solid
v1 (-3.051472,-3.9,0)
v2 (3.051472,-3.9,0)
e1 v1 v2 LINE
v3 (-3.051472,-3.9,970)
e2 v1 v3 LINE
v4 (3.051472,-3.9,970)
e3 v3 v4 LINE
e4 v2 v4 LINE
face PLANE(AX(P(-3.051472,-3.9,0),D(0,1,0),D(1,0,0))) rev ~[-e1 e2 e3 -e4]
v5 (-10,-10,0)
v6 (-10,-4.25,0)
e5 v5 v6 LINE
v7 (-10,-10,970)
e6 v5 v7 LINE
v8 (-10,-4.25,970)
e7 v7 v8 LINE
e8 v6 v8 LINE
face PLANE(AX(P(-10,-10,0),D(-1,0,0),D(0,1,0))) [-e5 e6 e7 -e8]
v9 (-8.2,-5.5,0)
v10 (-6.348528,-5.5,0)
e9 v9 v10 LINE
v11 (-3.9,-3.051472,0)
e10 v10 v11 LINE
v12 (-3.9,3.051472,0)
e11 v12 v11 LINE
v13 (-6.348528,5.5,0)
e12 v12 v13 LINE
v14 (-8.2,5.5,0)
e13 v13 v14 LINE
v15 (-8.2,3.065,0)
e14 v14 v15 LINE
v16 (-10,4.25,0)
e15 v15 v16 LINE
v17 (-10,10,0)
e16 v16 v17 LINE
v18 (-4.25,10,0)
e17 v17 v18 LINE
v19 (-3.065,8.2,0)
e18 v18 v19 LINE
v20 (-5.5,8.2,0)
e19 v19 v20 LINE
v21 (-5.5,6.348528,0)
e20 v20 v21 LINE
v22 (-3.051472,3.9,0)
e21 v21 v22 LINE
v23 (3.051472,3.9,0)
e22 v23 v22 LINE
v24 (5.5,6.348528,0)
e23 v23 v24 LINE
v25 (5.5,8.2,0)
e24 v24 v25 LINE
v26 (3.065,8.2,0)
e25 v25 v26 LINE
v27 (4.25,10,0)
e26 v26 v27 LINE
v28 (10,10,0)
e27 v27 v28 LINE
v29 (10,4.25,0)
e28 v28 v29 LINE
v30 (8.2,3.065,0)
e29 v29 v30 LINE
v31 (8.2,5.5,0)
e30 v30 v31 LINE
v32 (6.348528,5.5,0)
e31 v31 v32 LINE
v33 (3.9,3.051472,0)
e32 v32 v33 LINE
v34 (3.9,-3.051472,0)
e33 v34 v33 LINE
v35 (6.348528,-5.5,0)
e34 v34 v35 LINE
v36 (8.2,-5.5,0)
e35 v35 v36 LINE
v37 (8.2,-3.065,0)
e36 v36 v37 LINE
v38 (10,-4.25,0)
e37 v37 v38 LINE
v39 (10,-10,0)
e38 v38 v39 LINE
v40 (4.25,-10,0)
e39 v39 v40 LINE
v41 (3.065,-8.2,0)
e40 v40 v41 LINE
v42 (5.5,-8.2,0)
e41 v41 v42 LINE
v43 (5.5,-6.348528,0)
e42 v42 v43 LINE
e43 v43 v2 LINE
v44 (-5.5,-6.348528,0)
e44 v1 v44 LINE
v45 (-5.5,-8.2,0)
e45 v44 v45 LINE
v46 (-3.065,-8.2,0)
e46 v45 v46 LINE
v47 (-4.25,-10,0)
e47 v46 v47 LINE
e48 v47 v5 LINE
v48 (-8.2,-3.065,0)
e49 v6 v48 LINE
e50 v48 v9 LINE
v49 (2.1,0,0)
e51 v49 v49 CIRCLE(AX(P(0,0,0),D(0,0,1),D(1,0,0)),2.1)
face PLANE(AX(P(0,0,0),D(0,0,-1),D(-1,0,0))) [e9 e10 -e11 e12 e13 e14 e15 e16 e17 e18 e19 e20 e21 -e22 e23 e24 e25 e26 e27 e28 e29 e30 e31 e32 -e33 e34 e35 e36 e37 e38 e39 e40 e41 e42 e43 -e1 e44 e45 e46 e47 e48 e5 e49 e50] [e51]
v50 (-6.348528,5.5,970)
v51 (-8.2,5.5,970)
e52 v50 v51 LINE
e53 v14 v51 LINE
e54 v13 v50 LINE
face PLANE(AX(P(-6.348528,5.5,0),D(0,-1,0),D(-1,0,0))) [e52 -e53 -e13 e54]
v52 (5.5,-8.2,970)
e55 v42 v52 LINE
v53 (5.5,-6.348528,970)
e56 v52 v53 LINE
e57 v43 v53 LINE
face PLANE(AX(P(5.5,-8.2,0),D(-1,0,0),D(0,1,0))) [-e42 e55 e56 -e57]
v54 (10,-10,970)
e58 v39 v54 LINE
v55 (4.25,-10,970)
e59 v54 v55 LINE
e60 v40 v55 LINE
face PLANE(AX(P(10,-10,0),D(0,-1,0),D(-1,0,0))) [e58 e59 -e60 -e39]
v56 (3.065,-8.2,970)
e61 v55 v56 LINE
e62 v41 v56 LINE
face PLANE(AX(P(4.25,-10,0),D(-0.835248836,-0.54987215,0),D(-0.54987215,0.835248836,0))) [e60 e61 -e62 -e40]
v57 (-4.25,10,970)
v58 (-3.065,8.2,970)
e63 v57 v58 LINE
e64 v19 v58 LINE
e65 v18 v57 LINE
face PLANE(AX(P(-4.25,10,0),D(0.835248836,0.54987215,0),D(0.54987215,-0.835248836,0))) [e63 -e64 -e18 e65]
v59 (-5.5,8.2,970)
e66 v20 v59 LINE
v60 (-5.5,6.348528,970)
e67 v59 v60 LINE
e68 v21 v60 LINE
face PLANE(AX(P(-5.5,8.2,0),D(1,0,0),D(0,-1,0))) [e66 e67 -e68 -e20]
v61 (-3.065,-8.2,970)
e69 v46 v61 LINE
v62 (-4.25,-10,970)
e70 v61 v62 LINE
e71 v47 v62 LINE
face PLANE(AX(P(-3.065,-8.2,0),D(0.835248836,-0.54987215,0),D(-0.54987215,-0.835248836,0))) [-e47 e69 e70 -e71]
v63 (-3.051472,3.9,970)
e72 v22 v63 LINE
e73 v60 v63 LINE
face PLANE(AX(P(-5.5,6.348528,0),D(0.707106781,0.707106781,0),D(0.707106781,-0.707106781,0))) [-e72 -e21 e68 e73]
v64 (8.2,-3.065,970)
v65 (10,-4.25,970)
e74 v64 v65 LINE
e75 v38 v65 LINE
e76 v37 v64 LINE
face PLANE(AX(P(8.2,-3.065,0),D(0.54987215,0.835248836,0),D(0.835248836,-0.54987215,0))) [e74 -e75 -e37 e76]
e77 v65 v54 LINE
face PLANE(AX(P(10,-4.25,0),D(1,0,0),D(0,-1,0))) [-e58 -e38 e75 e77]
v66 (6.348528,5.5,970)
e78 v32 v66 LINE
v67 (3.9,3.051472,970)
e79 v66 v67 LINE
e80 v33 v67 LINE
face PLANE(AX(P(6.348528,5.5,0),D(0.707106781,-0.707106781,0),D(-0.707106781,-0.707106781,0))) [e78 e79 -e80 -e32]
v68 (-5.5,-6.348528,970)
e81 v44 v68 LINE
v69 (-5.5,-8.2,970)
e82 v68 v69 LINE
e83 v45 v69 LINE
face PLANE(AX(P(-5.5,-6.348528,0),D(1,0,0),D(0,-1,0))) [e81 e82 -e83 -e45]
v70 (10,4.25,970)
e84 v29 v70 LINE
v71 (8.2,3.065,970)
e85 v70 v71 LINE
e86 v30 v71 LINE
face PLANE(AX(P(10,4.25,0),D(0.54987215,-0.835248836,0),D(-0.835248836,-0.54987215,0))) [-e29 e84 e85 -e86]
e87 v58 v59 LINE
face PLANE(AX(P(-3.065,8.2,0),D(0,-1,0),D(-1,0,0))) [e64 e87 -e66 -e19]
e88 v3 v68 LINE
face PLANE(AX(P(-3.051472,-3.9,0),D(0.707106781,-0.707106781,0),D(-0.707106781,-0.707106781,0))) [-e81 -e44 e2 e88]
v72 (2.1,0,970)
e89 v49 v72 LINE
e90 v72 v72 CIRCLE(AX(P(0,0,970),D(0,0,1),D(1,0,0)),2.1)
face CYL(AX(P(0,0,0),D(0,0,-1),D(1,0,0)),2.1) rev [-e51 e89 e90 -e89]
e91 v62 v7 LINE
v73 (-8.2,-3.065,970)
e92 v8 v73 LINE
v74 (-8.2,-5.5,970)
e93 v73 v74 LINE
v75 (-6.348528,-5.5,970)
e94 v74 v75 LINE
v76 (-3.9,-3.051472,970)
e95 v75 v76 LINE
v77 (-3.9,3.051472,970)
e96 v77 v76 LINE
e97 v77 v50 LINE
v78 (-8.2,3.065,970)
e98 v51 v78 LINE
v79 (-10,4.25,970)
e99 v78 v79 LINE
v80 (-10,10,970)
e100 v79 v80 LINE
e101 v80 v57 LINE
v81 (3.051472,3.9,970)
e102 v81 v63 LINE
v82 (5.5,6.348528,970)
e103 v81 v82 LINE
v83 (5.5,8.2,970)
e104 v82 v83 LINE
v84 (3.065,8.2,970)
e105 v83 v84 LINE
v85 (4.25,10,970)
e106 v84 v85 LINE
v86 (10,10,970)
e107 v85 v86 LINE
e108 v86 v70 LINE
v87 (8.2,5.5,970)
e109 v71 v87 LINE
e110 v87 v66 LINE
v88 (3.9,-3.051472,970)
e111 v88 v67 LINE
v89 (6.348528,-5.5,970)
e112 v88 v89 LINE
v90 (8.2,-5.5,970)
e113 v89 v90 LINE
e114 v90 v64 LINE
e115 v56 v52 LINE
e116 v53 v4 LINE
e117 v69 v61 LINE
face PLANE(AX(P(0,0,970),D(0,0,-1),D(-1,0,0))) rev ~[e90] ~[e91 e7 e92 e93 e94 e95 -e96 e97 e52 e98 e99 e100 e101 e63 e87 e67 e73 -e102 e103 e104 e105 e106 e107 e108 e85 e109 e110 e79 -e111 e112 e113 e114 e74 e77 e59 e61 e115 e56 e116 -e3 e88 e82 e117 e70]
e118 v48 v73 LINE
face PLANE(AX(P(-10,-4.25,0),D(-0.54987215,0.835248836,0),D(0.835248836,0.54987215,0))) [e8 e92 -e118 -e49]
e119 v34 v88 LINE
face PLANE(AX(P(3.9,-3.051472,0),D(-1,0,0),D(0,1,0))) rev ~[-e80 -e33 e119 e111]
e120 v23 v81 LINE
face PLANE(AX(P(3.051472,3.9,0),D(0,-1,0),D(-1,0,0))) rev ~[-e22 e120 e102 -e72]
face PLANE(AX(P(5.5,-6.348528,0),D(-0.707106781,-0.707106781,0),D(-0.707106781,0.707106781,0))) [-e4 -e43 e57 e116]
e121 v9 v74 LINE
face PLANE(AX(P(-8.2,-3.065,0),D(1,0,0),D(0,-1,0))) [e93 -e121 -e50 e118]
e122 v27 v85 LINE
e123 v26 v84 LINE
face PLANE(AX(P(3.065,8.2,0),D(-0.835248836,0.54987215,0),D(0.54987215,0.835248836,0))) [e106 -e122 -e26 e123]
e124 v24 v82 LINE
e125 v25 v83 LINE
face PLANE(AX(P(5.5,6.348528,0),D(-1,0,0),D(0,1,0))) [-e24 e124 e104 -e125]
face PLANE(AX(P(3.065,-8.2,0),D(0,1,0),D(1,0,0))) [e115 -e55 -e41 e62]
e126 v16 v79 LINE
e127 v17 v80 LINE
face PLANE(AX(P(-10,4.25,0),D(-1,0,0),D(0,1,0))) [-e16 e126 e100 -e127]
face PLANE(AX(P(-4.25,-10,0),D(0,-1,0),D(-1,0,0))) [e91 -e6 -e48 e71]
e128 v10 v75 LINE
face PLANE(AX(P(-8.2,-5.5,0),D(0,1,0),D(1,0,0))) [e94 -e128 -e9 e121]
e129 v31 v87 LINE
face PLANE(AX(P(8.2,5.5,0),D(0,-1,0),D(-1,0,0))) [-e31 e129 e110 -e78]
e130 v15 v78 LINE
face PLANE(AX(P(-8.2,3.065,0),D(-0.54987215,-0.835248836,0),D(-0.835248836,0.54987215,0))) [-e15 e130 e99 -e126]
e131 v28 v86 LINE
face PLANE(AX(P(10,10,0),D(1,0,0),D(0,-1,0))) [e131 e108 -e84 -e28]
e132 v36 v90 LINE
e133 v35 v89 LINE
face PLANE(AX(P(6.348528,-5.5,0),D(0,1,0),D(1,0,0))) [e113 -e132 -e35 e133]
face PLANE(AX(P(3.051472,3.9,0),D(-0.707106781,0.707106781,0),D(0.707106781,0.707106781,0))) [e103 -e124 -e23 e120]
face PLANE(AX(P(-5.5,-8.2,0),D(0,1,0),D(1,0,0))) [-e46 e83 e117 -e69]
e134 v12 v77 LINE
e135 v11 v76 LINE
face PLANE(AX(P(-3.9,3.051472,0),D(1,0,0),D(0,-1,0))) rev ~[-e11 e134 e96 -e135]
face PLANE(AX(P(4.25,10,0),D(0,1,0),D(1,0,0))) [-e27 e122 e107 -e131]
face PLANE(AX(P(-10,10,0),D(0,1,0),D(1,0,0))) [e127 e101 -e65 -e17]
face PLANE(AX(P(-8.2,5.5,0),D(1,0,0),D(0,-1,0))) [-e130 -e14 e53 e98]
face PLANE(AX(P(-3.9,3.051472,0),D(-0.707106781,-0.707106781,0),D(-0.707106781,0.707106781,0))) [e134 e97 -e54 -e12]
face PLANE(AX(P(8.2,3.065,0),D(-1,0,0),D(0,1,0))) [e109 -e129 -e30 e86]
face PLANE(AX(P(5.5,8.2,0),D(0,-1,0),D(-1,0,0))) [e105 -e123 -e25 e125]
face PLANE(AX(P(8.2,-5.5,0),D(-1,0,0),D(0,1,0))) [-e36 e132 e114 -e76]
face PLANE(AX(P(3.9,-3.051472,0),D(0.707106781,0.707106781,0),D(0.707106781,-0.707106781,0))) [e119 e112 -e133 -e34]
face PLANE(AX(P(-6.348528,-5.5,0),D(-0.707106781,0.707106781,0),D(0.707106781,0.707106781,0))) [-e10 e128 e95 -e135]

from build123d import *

# Parameters (mm, degrees)
SKETCH1_R           = 2.1
BOSS_EXTRUDE1_DEPTH = 970


with BuildPart() as part:
    # Sketch1 → Boss-Extrude1 (new body)
    with BuildSketch(Plane.XY):
        Polygon((-10, 10), (-4.25, 10), (-3.065, 8.2), (-5.5, 8.2), (-5.5, 6.348528137), (-3.051471863, 3.9), (0, 3.9), (3.051471863, 3.9), (5.5, 6.348528137), (5.5, 8.2), (3.065, 8.2), (4.25, 10), (10, 10), (10, 4.25), (8.2, 3.065), (8.2, 5.5), (6.348528137, 5.5), (3.9, 3.051471863), (3.9, 0), (3.9, -3.051471863), (6.348528137, -5.5), (8.2, -5.5), (8.2, -3.065), (10, -4.25), (10, -10), (4.25, -10), (3.065, -8.2), (5.5, -8.2), (5.5, -6.348528137), (3.051471863, -3.9), (0, -3.9), (-3.051471863, -3.9), (-5.5, -6.348528137), (-5.5, -8.2), (-3.065, -8.2), (-4.25, -10), (-10, -10), (-10, -4.25), (-8.2, -3.065), (-8.2, -5.5), (-6.348528137, -5.5), (-3.9, -3.051471863), (-3.9, 0), (-3.9, 3.051471863), (-6.348528137, 5.5), (-8.2, 5.5), (-8.2, 3.065), (-10, 4.25), align=None)
        Circle(SKETCH1_R, mode=Mode.SUBTRACT)
    extrude(amount=BOSS_EXTRUDE1_DEPTH)


solid = part.part
